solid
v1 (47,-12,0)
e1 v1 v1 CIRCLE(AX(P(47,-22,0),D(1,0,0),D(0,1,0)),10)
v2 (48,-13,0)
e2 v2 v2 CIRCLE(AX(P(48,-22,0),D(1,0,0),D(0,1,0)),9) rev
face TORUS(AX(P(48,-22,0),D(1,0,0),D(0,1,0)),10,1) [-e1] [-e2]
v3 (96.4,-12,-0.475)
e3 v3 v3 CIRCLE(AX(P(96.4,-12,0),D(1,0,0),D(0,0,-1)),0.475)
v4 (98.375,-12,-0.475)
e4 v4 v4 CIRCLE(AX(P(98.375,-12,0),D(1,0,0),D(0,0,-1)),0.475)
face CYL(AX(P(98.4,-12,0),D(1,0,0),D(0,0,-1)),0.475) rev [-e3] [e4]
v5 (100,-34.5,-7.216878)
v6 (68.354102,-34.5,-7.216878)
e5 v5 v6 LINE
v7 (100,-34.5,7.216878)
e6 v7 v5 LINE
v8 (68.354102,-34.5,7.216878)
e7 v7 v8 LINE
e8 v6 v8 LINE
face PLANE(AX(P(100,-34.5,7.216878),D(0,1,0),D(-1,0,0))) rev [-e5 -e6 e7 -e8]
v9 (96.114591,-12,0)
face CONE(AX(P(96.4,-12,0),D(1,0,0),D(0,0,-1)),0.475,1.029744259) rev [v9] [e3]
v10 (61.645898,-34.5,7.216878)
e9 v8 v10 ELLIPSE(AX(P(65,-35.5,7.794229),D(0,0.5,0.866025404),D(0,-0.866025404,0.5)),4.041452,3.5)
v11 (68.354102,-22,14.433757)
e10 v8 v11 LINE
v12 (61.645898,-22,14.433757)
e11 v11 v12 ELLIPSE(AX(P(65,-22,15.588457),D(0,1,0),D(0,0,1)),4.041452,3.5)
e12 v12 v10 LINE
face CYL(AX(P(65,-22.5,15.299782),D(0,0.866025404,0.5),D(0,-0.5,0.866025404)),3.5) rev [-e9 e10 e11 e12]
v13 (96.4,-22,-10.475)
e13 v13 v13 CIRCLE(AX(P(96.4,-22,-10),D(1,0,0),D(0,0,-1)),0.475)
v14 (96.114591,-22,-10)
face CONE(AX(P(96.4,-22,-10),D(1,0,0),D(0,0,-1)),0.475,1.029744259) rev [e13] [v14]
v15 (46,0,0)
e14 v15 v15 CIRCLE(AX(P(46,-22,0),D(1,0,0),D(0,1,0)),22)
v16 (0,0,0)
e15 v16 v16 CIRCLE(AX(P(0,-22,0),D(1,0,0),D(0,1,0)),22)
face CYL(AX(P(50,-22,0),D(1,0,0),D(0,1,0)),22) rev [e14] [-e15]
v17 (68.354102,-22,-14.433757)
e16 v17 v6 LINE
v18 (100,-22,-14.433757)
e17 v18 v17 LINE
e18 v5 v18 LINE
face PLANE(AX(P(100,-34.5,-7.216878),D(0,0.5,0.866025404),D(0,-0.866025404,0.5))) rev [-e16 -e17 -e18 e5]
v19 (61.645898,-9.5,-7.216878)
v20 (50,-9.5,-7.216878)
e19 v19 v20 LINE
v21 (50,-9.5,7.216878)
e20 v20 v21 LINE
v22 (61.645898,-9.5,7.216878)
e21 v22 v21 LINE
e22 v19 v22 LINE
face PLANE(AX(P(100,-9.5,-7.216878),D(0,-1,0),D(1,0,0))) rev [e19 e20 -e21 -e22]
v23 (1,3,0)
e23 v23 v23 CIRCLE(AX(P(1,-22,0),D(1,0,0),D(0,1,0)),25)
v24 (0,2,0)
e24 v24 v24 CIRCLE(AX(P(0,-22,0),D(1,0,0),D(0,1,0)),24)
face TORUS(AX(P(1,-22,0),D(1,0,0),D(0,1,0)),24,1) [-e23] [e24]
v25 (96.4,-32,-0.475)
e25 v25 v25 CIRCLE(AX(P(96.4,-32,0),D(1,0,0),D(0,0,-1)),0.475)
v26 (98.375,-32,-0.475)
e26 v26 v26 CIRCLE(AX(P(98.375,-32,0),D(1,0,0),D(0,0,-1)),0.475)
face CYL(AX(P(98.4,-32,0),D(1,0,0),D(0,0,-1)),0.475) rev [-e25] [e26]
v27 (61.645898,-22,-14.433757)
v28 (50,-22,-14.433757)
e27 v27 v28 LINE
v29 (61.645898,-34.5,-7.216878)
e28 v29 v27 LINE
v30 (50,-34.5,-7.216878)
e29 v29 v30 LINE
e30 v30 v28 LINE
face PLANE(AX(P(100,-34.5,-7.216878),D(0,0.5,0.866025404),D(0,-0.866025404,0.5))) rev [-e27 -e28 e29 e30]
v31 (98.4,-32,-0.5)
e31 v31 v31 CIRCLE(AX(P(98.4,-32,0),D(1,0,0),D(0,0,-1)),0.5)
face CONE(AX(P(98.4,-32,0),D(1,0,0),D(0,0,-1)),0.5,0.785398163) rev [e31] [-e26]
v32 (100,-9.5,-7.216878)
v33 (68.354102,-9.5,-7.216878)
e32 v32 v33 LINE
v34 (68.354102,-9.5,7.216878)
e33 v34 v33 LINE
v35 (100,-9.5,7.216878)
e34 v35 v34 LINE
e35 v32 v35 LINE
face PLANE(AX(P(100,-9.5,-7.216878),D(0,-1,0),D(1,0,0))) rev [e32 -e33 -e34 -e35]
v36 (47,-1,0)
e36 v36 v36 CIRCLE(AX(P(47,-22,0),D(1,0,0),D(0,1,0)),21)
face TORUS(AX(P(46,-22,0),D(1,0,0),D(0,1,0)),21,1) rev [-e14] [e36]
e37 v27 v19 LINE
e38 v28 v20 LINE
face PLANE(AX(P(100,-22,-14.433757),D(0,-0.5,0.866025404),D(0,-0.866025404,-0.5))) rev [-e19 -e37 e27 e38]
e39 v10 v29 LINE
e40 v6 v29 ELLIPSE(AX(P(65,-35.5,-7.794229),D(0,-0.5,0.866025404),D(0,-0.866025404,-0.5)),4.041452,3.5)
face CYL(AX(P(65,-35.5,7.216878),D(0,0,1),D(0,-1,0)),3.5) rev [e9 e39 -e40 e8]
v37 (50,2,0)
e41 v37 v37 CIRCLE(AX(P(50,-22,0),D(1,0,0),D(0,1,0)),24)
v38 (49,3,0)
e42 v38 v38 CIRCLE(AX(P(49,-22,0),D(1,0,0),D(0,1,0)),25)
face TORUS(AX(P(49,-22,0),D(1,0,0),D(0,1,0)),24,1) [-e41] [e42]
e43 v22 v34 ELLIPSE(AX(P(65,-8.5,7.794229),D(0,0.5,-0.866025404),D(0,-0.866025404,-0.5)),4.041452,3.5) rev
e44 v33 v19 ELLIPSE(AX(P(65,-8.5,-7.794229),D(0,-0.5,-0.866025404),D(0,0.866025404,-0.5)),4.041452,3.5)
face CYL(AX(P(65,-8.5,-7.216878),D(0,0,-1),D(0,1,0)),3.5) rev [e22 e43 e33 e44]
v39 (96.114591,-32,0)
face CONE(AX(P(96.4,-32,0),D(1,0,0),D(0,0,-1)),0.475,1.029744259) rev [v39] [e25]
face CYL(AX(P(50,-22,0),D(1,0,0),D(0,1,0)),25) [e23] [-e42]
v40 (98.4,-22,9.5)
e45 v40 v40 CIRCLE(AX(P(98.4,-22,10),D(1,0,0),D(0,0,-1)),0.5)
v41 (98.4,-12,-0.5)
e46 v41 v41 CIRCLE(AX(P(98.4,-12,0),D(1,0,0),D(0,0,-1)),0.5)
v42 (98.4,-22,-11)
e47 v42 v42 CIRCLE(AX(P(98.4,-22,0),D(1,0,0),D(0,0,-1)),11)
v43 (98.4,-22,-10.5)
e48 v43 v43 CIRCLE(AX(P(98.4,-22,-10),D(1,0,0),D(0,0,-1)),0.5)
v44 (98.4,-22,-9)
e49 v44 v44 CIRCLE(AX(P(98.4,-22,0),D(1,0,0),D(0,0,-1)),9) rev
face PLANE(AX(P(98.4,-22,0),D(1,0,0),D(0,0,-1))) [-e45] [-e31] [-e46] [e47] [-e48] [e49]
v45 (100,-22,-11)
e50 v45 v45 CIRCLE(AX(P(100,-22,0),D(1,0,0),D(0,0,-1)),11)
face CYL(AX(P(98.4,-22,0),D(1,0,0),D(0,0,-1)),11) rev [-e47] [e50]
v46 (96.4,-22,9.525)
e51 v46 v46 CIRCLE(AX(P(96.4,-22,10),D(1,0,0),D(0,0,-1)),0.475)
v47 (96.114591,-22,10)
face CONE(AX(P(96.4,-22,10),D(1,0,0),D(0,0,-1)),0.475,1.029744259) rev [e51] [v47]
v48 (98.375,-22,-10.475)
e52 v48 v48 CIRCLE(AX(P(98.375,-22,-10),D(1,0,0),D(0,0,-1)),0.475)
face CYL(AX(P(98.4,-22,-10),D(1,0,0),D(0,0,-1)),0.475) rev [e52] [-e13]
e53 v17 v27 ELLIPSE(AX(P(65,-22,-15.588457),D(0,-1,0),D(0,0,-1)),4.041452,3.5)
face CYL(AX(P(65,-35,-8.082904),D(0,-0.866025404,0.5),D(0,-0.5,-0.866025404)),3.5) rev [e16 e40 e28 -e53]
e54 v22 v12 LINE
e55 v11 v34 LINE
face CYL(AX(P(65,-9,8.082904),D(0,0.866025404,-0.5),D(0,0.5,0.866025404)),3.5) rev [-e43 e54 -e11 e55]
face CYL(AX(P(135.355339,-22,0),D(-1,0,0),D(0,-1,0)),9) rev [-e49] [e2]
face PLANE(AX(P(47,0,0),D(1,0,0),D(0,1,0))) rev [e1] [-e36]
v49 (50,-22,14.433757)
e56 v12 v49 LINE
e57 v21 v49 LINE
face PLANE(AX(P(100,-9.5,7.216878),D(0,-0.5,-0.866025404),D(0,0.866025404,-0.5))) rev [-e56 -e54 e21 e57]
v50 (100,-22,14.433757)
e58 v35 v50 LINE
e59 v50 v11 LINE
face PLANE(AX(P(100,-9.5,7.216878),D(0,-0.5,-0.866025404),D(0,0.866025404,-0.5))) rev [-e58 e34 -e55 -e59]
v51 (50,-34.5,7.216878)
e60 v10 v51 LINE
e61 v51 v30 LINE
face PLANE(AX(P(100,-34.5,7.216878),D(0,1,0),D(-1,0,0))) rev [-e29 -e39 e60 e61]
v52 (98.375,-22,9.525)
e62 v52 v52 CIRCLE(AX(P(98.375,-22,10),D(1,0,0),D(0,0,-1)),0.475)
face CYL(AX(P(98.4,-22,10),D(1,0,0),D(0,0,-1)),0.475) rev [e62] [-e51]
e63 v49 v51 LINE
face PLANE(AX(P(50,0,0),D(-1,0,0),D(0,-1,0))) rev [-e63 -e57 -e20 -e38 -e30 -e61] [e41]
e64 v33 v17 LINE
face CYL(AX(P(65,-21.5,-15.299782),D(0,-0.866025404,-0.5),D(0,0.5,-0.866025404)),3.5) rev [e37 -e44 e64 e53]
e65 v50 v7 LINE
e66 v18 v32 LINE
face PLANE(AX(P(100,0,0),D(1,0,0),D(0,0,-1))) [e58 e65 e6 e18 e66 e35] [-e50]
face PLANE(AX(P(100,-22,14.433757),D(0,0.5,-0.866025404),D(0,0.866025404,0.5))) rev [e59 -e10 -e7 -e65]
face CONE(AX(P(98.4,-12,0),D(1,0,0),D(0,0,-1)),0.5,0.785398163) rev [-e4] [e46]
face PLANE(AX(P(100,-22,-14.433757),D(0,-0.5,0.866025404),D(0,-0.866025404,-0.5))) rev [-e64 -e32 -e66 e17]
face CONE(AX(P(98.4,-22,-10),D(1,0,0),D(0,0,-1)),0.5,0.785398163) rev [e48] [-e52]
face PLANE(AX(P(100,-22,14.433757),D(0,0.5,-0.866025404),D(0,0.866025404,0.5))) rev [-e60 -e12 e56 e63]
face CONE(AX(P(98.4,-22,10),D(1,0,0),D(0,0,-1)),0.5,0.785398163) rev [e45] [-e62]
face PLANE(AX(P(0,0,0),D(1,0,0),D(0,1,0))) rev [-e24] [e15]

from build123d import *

# Parameters (mm, degrees)
BOSS_EXTRUDE3_DEPTH = 50
BOSS_EXTRUDE4_START = -53
SKETCH6_R           = 12.5
SKETCH6_R_2         = 9
BOSS_EXTRUDE4_DEPTH = 53
SKETCH3_W           = 3.5
SKETCH3_H           = 14.43375673
CIRPATTERN4_COUNT   = 6
FILLET1_R           = 1
SKETCH8_R           = 11
CUT_EXTRUDE1_DEPTH  = 1.6
CIRPATTERN5_COUNT   = 4


with BuildPart() as part:
    # Sketch1 → Revolve1 (revolve)
    with BuildSketch(Plane.XY):
        with BuildLine():
            ThreePointArc((0, 2), (0.292893219, 2.707106781), (1, 3))
            Line((1, 3), (49, 3))
            ThreePointArc((49, 3), (49.707106781, 2.707106781), (50, 2))
            Line((50, 2), (50, -12))
            Line((50, -12), (48, -12))
            ThreePointArc((48, -12), (47.292893219, -11.707106781), (47, -11))
            Line((47, -11), (47, -1))
            ThreePointArc((47, -1), (46.707106781, -0.292893219), (46, 0))
            Line((46, 0), (0, 0))
            Line((0, 0), (0, 2))
        make_face()
    revolve(axis=Axis((50, -22, 0), (-1, 0, 0)))

    # Sketch2 → Boss-Extrude3 (add)
    with BuildSketch(Plane(origin=(50, 0, 0), x_dir=(0, 0, -1), z_dir=(1, 0, 0))):
        Polygon((14.43375673, -22), (7.216878365, -9.5), (-7.216878365, -9.5), (-14.43375673, -22), (-7.216878365, -34.5), (7.216878365, -34.5), align=None)
        Polygon((11.547005384, -22), (5.773502692, -12), (-5.773502692, -12), (-11.547005384, -22), (-5.773502692, -32), (5.773502692, -32), align=None, mode=Mode.SUBTRACT)
    extrude(amount=BOSS_EXTRUDE3_DEPTH)

    # Sketch6 → Boss-Extrude4 (add)
    with BuildSketch(Plane.ZY.offset(-47).offset(BOSS_EXTRUDE4_START)):
        with Locations((0, -22)):
            Circle(SKETCH6_R)
        with Locations(Location((0, -22, 0), (0, 0, 270))):
            Circle(SKETCH6_R_2, mode=Mode.SUBTRACT)
    extrude(amount=BOSS_EXTRUDE4_DEPTH)

    # Sketch3 → Cut-Revolve3 (revolve, cut)
    with BuildSketch(Plane(origin=(0, -8.5, 0), x_dir=(1, 0, 0), z_dir=(0, 1, 0))):
        with Locations((66.75, 0)):
            Rectangle(SKETCH3_W, SKETCH3_H)
    cut_revolve3 = revolve(axis=Axis((65, -8.5, -7.216878365), (0, 0, 1)), mode=Mode.SUBTRACT)

    # CirPattern4: Cut-Revolve3 ×6 about axis
    cirpattern4_axis = Axis((0, -22, 0), (-1, 0, 0))
    for i in range(1, CIRPATTERN4_COUNT):
        add(cut_revolve3.rotate(cirpattern4_axis, i * 360 / CIRPATTERN4_COUNT), mode=Mode.SUBTRACT)

    # Fillet1
    fillet1_edges = [part.edges().sort_by_distance(p)[0] for p in [
        (47, -13, 0),
    ]]
    fillet(fillet1_edges, radius=FILLET1_R)

    # Sketch8 → Cut-Extrude1 (cut)
    with BuildSketch(Plane(origin=(100, 0, 0), x_dir=(0, 0, -1), z_dir=(1, 0, 0))):
        with Locations((0, -22)):
            Circle(SKETCH8_R)
    extrude(amount=-CUT_EXTRUDE1_DEPTH, mode=Mode.SUBTRACT)

    # Sketch10 → Tap Drill for M1.2x0.25 Tap1 (revolve, cut)
    with BuildSketch(Plane(origin=(98.4, -12, 0), x_dir=(0, 0, -1), z_dir=(0, 1, 0))):
        Polygon((0, 0), (0, 2.285408794), (0.475, 2), (0.475, 0.025), (0.5, 0), align=None)
    tap_drill_for_m1_2x0_25_tap1 = revolve(axis=Axis((104.75, -12, 0), (-1, 0, 0)), mode=Mode.SUBTRACT)

    # CirPattern5: Tap Drill for M1.2x0.25 Tap1 ×4 about axis
    cirpattern5_axis = Axis((0, -22, 0), (1, 0, 0))
    for i in range(1, CIRPATTERN5_COUNT):
        add(tap_drill_for_m1_2x0_25_tap1.rotate(cirpattern5_axis, i * 360 / CIRPATTERN5_COUNT), mode=Mode.SUBTRACT)


solid = part.part
